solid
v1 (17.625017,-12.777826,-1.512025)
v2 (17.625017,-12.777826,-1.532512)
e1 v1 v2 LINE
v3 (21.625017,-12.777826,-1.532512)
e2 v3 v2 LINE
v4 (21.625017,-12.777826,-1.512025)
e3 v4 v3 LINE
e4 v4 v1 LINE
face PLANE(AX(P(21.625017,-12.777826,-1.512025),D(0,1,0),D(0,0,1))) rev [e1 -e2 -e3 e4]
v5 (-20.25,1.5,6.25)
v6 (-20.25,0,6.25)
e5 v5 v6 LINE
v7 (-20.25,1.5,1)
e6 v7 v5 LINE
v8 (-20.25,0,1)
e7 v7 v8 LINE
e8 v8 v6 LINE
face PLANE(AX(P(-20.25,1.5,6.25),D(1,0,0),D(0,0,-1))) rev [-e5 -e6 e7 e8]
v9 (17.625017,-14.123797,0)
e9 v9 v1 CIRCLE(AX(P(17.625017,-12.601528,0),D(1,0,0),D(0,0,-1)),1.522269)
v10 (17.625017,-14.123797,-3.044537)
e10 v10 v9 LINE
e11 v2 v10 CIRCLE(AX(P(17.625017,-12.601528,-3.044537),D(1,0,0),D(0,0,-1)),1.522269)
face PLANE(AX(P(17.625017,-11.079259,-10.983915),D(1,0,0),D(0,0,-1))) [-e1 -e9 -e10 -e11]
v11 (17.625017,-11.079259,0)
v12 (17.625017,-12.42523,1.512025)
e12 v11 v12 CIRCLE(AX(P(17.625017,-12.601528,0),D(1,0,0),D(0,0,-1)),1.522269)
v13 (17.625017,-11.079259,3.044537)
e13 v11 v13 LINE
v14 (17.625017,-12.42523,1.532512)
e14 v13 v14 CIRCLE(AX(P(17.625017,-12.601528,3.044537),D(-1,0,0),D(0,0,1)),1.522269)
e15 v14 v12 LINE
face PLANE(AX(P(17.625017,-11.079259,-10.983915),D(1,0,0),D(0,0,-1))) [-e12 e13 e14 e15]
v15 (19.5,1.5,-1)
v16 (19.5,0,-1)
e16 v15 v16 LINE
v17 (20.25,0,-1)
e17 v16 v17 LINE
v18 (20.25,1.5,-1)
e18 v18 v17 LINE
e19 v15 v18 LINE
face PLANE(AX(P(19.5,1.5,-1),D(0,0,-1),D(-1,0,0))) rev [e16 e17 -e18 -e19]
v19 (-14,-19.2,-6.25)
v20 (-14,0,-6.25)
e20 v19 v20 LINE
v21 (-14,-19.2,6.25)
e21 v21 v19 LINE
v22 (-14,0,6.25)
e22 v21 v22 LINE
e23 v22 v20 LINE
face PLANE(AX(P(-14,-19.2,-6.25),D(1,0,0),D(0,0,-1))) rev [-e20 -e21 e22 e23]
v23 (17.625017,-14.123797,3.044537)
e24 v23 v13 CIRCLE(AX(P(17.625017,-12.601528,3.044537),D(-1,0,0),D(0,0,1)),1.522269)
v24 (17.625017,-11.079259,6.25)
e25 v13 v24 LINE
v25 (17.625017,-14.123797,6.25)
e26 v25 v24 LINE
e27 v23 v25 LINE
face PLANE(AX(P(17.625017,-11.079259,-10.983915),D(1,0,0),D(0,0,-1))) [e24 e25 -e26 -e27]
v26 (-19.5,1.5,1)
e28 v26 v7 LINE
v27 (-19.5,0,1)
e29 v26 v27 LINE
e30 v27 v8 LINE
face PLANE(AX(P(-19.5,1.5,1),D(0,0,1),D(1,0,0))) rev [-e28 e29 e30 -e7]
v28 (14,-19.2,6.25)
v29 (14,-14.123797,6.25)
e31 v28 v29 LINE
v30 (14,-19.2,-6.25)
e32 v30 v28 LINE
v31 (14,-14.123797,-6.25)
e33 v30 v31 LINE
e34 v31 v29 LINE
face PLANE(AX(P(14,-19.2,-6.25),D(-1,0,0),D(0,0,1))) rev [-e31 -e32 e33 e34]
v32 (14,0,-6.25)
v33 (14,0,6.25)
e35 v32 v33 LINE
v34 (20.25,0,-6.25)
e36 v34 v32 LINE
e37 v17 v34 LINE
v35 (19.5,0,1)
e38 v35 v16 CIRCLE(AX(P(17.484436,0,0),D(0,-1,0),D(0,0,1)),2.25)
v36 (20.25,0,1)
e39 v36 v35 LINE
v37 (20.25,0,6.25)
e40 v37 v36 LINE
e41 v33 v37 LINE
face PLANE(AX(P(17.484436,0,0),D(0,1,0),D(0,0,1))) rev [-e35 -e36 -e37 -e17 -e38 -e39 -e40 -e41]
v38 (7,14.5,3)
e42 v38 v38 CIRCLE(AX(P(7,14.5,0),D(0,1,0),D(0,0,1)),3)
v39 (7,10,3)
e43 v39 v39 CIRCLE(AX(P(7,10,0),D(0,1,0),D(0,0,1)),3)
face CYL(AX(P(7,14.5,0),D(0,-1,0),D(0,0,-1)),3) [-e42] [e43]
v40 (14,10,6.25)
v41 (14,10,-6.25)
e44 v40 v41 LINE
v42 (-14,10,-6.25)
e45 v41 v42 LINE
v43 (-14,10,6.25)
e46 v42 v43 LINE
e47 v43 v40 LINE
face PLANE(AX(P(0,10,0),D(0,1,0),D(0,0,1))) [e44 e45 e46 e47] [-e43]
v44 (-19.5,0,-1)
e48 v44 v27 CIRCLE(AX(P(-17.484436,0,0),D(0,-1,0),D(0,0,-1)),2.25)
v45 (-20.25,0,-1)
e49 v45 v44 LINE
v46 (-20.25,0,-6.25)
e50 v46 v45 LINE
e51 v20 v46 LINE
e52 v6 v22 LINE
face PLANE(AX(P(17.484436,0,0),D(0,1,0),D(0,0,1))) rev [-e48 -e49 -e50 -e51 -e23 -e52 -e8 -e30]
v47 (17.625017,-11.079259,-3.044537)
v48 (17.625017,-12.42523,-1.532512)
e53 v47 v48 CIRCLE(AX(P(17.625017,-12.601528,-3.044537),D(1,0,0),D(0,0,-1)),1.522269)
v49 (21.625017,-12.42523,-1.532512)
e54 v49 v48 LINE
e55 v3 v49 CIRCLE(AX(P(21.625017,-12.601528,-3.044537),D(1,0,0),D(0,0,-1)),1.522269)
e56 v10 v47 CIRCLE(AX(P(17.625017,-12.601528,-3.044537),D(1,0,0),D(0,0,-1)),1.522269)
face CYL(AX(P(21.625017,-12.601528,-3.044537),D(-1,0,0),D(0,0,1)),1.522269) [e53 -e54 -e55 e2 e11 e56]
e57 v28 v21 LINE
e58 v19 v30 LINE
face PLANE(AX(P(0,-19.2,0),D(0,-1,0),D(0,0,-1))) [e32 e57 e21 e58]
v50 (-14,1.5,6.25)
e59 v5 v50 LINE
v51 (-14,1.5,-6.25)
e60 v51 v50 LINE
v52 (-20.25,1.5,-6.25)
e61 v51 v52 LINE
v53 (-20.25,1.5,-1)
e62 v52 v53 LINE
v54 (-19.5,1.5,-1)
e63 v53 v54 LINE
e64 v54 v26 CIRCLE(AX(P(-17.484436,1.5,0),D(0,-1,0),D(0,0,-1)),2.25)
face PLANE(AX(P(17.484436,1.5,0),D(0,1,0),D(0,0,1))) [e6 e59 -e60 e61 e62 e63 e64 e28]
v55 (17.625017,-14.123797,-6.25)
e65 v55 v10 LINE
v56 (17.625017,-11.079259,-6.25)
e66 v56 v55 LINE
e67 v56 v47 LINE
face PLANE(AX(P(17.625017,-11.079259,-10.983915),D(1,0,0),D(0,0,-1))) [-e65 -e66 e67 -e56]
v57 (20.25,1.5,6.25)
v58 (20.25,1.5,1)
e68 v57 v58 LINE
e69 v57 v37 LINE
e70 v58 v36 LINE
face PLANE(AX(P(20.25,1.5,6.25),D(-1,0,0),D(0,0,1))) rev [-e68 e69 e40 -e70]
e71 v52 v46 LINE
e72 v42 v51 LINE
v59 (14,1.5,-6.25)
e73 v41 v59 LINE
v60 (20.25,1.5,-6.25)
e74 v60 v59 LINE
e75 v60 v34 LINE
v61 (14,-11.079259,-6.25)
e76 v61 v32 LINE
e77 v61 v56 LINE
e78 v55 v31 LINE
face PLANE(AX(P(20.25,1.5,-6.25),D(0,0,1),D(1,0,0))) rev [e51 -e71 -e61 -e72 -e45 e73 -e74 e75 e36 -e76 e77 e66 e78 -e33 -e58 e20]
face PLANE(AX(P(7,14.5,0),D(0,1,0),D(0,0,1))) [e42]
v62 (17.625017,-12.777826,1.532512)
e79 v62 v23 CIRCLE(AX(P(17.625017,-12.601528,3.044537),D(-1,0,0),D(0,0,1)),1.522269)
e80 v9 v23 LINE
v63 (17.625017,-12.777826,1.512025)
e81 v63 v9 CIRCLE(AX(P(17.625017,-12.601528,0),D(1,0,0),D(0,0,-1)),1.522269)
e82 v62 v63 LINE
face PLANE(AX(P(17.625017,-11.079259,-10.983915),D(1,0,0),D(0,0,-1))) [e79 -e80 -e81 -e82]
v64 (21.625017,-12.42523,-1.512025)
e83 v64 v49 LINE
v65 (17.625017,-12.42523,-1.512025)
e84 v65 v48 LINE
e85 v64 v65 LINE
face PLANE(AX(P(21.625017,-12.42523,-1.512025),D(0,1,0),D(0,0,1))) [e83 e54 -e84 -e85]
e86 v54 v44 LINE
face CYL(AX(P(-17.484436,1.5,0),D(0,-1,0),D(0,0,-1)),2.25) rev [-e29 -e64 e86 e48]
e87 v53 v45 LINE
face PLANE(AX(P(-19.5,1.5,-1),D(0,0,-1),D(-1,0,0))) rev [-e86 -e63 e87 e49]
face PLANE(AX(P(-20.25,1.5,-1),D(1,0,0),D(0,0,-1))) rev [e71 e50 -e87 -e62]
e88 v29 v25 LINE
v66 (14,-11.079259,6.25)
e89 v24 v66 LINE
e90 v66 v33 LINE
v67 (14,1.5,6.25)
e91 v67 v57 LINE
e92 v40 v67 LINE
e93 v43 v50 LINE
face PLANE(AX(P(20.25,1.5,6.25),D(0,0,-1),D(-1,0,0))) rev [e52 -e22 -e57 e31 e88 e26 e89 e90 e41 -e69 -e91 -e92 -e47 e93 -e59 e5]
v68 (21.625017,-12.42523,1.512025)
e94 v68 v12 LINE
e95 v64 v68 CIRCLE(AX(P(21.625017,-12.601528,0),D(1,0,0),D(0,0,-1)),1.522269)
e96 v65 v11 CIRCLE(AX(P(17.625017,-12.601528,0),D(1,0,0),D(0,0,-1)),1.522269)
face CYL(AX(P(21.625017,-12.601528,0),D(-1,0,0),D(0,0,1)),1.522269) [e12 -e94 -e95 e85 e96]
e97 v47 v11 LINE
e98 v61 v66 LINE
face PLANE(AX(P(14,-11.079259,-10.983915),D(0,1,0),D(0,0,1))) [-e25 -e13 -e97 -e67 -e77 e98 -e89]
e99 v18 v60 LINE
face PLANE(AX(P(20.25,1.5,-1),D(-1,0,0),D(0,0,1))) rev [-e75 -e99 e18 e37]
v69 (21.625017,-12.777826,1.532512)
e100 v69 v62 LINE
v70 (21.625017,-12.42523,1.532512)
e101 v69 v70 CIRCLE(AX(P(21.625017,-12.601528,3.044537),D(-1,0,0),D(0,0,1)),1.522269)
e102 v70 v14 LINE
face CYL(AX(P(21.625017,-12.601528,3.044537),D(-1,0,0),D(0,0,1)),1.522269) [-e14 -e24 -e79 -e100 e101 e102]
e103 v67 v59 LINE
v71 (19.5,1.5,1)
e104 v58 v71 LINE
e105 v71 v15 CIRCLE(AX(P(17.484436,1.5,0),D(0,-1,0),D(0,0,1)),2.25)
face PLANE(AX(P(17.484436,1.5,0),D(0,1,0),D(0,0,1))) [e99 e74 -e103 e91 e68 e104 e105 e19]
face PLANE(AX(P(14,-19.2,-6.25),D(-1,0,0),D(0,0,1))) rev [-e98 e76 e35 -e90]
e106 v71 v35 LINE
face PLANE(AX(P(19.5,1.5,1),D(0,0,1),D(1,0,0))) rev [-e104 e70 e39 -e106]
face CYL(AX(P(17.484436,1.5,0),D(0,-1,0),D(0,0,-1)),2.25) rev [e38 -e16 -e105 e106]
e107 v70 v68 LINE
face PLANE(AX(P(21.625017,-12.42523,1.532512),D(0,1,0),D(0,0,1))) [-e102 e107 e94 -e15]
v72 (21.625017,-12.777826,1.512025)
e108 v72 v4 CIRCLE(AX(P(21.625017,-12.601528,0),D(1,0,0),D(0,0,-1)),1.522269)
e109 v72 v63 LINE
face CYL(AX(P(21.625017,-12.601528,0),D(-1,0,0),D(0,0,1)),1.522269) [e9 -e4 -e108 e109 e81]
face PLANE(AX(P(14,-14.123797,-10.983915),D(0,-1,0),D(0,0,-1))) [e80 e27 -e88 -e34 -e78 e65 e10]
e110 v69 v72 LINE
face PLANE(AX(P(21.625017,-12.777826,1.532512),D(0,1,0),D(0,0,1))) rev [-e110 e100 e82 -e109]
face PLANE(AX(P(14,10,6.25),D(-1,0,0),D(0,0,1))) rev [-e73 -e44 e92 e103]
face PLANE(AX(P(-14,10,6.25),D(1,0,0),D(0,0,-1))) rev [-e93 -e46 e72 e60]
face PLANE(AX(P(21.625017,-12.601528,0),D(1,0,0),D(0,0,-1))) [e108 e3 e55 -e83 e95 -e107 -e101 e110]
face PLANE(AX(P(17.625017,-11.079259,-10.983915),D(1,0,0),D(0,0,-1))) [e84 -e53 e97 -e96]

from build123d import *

# Parameters (mm, degrees)
BOSS_EXTRUDE1_DEPTH = 1.5
SKETCH2_W           = 28
SKETCH2_H           = 12.5
BOSS_EXTRUDE2_DEPTH = 8.5
SKETCH3_R           = 3
BOSS_EXTRUDE3_DEPTH = 4.5
SKETCH4_W           = 28
SKETCH4_H           = 12.5
BOSS_EXTRUDE4_DEPTH = 19.2
SKETCH5_W           = 3.625016777
SKETCH5_H           = 3.044537311
BOSS_EXTRUDE5_DEPTH = 12.5
BOSS_EXTRUDE7_DEPTH = 4


with BuildPart() as part:
    # Sketch1 → Boss-Extrude1 (new body)
    with BuildSketch(Plane(origin=(0, 0, 0), x_dir=(1, 0, 0), z_dir=(0, 1, 0))):
        with BuildLine():
            Line((20.25, -6.25), (-20.25, -6.25))
            Line((-20.25, -6.25), (-20.25, -1))
            Line((-20.25, -1), (-19.5, -1))
            ThreePointArc((-19.5, -1), (-15.234435563, 0), (-19.5, 1))
            Line((-19.5, 1), (-20.25, 1))
            Line((-20.25, 1), (-20.25, 6.25))
            Line((-20.25, 6.25), (20.25, 6.25))
            Line((20.25, 6.25), (20.25, 1))
            Line((20.25, 1), (19.5, 1))
            ThreePointArc((19.5, 1), (15.234435563, 0), (19.5, -1))
            Line((19.5, -1), (20.25, -1))
            Line((20.25, -1), (20.25, -6.25))
        make_face()
    extrude(amount=BOSS_EXTRUDE1_DEPTH)

    # Sketch2 → Boss-Extrude2 (add)
    with BuildSketch(Plane(origin=(0, 1.5, 0), x_dir=(1, 0, 0), z_dir=(0, 1, 0))):
        Rectangle(SKETCH2_W, SKETCH2_H)
    extrude(amount=BOSS_EXTRUDE2_DEPTH)

    # Sketch3 → Boss-Extrude3 (add)
    with BuildSketch(Plane(origin=(0, 10, 0), x_dir=(1, 0, 0), z_dir=(0, 1, 0))):
        with Locations((7, 0)):
            Circle(SKETCH3_R)
    extrude(amount=BOSS_EXTRUDE3_DEPTH)

    # Sketch4 → Boss-Extrude4 (add)
    with BuildSketch(Plane.XZ):
        Rectangle(SKETCH4_W, SKETCH4_H)
    extrude(amount=BOSS_EXTRUDE4_DEPTH)

    # Sketch5 → Boss-Extrude5 (add)
    with BuildSketch(Plane.XY.offset(6.25)):
        with Locations((15.812508389, -12.601527977)):
            Rectangle(SKETCH5_W, SKETCH5_H)
    extrude(amount=-BOSS_EXTRUDE5_DEPTH)

    # Sketch6 → Boss-Extrude7 (add)
    with BuildSketch(Plane(origin=(17.625016777, 0, 0), x_dir=(0, 0, -1), z_dir=(1, 0, 0))):
        with BuildLine():
            Line((-1.532511857, -12.7778257), (-1.512025454, -12.7778257))
            ThreePointArc((-1.512025454, -12.7778257), (0, -14.123796632), (1.512025454, -12.7778257))
            Line((1.512025454, -12.7778257), (1.532511857, -12.7778257))
            ThreePointArc((1.532511857, -12.7778257), (4.566805966, -12.601527977), (1.532511857, -12.425230254))
            Line((1.532511857, -12.425230254), (1.512025454, -12.425230254))
            ThreePointArc((1.512025454, -12.425230254), (0, -11.079259321), (-1.512025454, -12.425230254))
            Line((-1.512025454, -12.425230254), (-1.532511857, -12.425230254))
            ThreePointArc((-1.532511857, -12.425230254), (-4.566805966, -12.601527977), (-1.532511857, -12.7778257))
        make_face()
    extrude(amount=BOSS_EXTRUDE7_DEPTH)


solid = part.part
